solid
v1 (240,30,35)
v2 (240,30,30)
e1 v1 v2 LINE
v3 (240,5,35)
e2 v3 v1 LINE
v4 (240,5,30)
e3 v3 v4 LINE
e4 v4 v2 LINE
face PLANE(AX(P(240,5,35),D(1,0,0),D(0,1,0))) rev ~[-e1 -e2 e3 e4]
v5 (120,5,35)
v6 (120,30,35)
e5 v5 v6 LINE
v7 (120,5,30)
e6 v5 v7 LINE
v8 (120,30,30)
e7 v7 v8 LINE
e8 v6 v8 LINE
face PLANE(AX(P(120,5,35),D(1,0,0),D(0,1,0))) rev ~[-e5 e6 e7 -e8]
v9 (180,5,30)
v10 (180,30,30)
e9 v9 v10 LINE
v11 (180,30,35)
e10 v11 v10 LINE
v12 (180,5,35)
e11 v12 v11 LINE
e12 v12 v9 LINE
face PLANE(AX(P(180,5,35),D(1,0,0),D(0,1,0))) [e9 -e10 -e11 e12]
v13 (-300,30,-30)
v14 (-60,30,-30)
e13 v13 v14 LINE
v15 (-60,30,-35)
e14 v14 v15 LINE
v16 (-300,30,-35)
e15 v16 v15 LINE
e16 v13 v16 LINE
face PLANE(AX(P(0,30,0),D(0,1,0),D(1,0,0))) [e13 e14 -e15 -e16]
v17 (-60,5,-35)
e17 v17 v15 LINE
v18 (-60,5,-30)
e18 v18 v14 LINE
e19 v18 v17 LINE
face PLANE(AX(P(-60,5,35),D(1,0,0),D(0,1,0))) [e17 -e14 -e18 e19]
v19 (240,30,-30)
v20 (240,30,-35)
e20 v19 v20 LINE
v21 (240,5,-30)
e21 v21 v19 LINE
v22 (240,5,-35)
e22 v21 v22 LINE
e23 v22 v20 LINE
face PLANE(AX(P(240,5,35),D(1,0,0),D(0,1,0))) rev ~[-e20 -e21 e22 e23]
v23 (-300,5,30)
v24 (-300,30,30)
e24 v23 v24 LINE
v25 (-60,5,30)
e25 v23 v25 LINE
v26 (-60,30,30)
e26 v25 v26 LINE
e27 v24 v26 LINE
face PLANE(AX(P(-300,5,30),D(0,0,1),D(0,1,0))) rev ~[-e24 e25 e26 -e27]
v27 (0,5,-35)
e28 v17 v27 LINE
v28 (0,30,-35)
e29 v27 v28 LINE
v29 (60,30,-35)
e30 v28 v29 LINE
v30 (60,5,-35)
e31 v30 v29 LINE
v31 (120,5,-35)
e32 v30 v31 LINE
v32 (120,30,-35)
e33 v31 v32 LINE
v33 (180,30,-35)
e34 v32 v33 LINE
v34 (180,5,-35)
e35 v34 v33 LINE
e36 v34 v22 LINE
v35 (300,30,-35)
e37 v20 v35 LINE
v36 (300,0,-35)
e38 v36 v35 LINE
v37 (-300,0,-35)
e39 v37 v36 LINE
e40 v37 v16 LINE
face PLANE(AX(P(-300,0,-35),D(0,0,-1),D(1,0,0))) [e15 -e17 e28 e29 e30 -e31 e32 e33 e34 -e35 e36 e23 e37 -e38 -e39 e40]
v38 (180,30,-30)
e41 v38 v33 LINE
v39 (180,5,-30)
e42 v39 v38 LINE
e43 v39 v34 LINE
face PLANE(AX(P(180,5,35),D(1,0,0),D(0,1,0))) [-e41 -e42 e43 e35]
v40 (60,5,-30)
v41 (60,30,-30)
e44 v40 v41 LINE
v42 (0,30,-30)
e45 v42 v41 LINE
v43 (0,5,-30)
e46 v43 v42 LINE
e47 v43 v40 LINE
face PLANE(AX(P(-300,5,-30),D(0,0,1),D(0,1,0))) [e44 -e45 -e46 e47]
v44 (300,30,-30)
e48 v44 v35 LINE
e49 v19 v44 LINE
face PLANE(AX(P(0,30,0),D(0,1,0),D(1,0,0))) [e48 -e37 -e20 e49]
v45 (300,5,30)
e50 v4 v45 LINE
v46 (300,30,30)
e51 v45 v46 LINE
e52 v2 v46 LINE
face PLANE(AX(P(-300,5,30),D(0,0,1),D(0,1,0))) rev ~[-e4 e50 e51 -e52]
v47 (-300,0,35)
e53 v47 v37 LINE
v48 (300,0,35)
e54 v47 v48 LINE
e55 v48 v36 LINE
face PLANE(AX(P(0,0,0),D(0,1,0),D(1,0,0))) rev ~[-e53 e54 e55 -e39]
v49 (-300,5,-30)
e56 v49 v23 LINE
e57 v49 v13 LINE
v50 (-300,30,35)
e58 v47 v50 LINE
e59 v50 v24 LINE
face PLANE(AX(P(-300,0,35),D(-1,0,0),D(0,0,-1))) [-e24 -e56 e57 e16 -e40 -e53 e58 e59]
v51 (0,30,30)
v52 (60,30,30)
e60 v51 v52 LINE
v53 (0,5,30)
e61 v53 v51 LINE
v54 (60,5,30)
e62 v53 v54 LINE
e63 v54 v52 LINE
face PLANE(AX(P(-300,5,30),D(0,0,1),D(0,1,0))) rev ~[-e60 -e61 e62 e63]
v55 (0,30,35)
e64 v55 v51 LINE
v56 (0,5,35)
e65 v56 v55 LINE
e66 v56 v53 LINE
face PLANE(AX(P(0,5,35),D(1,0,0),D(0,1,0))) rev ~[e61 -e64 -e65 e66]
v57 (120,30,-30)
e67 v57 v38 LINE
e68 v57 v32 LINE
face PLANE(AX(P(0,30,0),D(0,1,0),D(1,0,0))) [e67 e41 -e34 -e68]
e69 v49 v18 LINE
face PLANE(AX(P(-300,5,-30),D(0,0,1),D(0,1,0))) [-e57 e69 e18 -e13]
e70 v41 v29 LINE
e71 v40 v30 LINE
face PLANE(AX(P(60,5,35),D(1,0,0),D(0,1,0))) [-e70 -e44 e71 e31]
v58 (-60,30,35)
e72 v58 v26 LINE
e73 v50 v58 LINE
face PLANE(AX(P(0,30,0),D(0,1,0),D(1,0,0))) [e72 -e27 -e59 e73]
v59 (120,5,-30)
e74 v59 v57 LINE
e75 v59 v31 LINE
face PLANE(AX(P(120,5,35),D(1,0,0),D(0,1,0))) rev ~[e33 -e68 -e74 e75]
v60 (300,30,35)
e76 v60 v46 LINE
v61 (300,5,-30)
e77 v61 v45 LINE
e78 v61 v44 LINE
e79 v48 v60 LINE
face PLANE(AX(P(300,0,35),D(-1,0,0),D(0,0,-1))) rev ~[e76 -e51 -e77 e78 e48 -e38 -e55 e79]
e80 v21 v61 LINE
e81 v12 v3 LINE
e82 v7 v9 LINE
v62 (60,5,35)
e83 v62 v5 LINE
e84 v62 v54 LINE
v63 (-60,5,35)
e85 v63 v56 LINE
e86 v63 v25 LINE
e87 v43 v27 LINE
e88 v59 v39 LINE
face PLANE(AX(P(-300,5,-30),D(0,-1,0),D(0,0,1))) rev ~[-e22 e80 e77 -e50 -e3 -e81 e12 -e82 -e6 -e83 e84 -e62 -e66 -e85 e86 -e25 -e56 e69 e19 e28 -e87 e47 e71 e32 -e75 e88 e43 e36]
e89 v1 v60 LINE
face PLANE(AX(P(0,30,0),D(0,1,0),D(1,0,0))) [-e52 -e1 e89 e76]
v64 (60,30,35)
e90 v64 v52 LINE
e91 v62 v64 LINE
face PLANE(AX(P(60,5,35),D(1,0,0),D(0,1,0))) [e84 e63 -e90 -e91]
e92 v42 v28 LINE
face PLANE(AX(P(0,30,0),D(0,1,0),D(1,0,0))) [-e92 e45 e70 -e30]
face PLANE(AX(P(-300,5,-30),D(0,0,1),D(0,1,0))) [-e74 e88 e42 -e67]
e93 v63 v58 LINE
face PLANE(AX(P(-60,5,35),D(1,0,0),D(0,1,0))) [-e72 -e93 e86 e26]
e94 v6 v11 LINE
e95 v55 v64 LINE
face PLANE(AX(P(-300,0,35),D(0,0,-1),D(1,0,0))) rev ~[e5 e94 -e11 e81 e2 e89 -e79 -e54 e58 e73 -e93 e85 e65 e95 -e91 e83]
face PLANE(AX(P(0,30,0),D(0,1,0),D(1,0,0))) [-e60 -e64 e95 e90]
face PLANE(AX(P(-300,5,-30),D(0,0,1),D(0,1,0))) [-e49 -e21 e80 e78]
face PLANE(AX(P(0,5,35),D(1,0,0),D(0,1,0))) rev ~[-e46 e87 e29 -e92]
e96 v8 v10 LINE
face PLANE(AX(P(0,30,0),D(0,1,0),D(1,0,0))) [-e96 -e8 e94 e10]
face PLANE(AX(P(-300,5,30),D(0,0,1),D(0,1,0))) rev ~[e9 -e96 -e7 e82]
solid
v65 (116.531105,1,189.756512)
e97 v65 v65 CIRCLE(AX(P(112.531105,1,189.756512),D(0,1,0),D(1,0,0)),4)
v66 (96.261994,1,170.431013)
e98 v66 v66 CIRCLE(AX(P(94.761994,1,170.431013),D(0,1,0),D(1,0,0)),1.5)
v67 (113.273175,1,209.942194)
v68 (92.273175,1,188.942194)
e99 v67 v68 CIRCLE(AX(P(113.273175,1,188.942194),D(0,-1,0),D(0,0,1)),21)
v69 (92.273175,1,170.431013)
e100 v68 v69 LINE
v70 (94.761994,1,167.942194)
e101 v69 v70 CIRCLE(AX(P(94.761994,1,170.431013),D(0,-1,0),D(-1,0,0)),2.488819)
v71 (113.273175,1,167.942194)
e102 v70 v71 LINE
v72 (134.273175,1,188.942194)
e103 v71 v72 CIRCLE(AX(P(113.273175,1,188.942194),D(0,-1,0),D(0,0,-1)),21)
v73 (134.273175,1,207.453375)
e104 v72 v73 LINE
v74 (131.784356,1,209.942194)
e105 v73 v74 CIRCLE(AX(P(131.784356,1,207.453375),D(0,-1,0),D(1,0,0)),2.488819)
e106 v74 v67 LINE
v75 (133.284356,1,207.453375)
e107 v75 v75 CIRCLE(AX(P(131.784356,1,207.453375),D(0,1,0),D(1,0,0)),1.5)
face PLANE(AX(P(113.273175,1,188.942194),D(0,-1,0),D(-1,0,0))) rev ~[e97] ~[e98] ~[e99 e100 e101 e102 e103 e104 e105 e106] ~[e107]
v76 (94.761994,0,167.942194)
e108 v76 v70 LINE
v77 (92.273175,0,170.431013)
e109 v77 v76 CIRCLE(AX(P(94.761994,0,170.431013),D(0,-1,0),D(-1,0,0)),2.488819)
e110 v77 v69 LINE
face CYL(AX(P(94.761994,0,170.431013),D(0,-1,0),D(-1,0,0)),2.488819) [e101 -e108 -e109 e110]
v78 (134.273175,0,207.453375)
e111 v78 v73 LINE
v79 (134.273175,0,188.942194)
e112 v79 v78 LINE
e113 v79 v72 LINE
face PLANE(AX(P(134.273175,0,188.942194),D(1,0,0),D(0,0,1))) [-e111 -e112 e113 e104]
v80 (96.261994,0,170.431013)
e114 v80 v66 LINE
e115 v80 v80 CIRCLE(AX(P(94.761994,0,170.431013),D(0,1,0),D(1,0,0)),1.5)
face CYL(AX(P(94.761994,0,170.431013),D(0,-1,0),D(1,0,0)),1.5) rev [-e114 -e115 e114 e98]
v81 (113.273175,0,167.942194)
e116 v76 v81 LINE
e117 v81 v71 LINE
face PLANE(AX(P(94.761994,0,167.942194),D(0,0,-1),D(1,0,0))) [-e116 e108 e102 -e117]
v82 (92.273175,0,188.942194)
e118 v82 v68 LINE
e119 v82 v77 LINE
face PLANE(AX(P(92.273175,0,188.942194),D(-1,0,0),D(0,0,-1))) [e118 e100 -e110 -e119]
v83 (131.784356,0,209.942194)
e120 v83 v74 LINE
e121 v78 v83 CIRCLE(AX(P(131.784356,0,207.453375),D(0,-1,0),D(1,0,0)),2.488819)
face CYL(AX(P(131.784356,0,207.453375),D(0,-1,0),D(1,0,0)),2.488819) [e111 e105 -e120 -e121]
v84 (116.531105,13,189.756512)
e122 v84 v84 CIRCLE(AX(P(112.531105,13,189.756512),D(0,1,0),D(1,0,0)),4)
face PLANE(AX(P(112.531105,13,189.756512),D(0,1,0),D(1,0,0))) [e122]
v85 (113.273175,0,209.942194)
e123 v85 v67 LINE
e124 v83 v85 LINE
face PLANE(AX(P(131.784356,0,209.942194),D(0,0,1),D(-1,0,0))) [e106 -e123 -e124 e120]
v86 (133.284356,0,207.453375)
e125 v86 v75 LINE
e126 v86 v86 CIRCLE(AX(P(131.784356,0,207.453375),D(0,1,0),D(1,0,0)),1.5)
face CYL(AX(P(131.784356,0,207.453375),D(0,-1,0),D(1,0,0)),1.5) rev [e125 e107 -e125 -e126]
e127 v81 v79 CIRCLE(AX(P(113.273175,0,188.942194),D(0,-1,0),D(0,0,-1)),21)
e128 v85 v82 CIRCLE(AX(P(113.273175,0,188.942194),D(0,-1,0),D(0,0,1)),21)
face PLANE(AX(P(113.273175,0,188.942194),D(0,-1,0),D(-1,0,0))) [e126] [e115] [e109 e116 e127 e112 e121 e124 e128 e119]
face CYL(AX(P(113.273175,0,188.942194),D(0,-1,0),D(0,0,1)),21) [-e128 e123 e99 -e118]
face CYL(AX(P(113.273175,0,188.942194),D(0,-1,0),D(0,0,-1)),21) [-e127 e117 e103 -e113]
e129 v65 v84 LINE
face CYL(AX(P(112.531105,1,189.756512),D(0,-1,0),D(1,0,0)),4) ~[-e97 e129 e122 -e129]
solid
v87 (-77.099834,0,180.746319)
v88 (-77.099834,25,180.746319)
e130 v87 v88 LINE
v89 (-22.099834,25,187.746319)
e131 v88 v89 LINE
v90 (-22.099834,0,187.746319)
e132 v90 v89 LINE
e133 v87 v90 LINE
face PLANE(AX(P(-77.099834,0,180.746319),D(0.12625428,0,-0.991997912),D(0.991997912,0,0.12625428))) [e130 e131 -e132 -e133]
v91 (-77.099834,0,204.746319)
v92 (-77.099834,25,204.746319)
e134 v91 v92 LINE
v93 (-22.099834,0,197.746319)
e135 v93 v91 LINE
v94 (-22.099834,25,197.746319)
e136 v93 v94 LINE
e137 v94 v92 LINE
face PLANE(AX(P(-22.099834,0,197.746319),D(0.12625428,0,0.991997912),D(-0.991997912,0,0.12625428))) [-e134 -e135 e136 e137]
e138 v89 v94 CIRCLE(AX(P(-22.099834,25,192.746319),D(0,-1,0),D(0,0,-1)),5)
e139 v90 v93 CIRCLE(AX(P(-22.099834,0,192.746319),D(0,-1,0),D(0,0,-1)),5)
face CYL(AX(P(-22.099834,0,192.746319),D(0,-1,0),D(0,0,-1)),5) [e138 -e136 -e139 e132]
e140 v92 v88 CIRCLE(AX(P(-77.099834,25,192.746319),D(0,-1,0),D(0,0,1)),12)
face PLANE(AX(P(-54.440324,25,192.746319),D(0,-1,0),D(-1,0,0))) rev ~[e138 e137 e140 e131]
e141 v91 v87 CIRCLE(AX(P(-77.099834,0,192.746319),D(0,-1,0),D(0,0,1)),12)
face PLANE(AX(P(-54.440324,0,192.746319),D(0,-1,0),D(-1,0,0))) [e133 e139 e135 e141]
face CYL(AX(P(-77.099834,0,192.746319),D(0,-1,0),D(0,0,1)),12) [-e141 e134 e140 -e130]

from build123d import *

# Parameters (mm, degrees)
SKETCH1_W           = 600
SKETCH1_H           = 70
BOSS_EXTRUDE1_DEPTH = 30
SKETCH3_W           = 60
SKETCH3_H           = 25
CUT_EXTRUDE2_DEPTH  = 600
SKETCH4_W           = 60
SKETCH4_H           = 25
CUT_EXTRUDE3_DEPTH  = 70
SKETCH10_W          = 60
SKETCH10_H          = 25
CUT_EXTRUDE5_DEPTH  = 70
BOSS_EXTRUDE4_DEPTH = 25
SKETCH13_R          = 1.5
BOSS_EXTRUDE5_DEPTH = 1
SKETCH14_R          = 4
BOSS_EXTRUDE6_DEPTH = 12


with BuildPart() as part:
    # Sketch1 → Boss-Extrude1 (new body)
    with BuildSketch(Plane(origin=(0, 0, 0), x_dir=(1, 0, 0), z_dir=(0, 1, 0))):
        Rectangle(SKETCH1_W, SKETCH1_H)
    extrude(amount=BOSS_EXTRUDE1_DEPTH)

    # Sketch3 → Cut-Extrude2 (cut)
    with BuildSketch(Plane.ZY.offset(300)):
        with Locations((0, 17.5)):
            Rectangle(SKETCH3_W, SKETCH3_H)
    extrude(amount=-CUT_EXTRUDE2_DEPTH, mode=Mode.SUBTRACT)

    # Sketch4 → Cut-Extrude3 (cut)
    with BuildSketch(Plane.XY.offset(35)):
        with Locations((210, 17.5)):
            Rectangle(SKETCH4_W, SKETCH4_H)
    extrude(amount=-CUT_EXTRUDE3_DEPTH, mode=Mode.SUBTRACT)

    # Sketch10 → Cut-Extrude5 (cut)
    with BuildSketch(Plane.XY.offset(35)):
        with Locations((90, 17.5)):
            Rectangle(SKETCH10_W, SKETCH10_H)
        with Locations((-30, 17.5)):
            Rectangle(SKETCH10_W, SKETCH10_H)
    extrude(amount=-CUT_EXTRUDE5_DEPTH, mode=Mode.SUBTRACT)


with BuildPart() as body_2:
    # Sketch11 → Boss-Extrude4 (new body)
    with BuildSketch(Plane(origin=(0, 0, 0), x_dir=(1, 0, 0), z_dir=(0, 1, 0))):
        with BuildLine():
            Line((-77.099833846, -180.746319388), (-22.099833846, -187.746319388))
            ThreePointArc((-22.099833846, -187.746319388), (-17.099833846, -192.746319388), (-22.099833846, -197.746319388))
            Line((-22.099833846, -197.746319388), (-77.099833846, -204.746319388))
            ThreePointArc((-77.099833846, -204.746319388), (-89.099833846, -192.746319388), (-77.099833846, -180.746319388))
        make_face()
    extrude(amount=BOSS_EXTRUDE4_DEPTH)


with BuildPart() as body_3:
    # Sketch13 → Boss-Extrude5 (new body)
    with BuildSketch(Plane(origin=(0, 0, 0), x_dir=(1, 0, 0), z_dir=(0, 1, 0))):
        with BuildLine():
            Line((94.761994393, -167.942193968), (113.27317523, -167.942193968))
            ThreePointArc((113.27317523, -167.942193968), (128.122417635, -174.092951563), (134.27317523, -188.942193968))
            Line((134.27317523, -188.942193968), (134.27317523, -207.453374805))
            ThreePointArc((134.27317523, -207.453374805), (133.544216975, -209.213235712), (131.784356068, -209.942193968))
            Line((131.784356068, -209.942193968), (113.27317523, -209.942193968))
            ThreePointArc((113.27317523, -209.942193968), (98.423932826, -203.791436372), (92.27317523, -188.942193968))
            Line((92.27317523, -188.942193968), (92.27317523, -170.43101313))
            ThreePointArc((92.27317523, -170.43101313), (93.002133486, -168.671152223), (94.761994393, -167.942193968))
        make_face()
        with Locations((94.761994393, -170.43101313)):
            Circle(SKETCH13_R, mode=Mode.SUBTRACT)
        with Locations((131.784356068, -207.453374805)):
            Circle(SKETCH13_R, mode=Mode.SUBTRACT)
    extrude(amount=BOSS_EXTRUDE5_DEPTH)

    # Sketch14 → Boss-Extrude6 (add)
    with BuildSketch(Plane(origin=(0, 1, 0), x_dir=(1, 0, 0), z_dir=(0, 1, 0))):
        with Locations((112.531105399, -189.756511726)):
            Circle(SKETCH14_R)
    extrude(amount=BOSS_EXTRUDE6_DEPTH)


solid = Compound([part.part, body_2.part, body_3.part])
